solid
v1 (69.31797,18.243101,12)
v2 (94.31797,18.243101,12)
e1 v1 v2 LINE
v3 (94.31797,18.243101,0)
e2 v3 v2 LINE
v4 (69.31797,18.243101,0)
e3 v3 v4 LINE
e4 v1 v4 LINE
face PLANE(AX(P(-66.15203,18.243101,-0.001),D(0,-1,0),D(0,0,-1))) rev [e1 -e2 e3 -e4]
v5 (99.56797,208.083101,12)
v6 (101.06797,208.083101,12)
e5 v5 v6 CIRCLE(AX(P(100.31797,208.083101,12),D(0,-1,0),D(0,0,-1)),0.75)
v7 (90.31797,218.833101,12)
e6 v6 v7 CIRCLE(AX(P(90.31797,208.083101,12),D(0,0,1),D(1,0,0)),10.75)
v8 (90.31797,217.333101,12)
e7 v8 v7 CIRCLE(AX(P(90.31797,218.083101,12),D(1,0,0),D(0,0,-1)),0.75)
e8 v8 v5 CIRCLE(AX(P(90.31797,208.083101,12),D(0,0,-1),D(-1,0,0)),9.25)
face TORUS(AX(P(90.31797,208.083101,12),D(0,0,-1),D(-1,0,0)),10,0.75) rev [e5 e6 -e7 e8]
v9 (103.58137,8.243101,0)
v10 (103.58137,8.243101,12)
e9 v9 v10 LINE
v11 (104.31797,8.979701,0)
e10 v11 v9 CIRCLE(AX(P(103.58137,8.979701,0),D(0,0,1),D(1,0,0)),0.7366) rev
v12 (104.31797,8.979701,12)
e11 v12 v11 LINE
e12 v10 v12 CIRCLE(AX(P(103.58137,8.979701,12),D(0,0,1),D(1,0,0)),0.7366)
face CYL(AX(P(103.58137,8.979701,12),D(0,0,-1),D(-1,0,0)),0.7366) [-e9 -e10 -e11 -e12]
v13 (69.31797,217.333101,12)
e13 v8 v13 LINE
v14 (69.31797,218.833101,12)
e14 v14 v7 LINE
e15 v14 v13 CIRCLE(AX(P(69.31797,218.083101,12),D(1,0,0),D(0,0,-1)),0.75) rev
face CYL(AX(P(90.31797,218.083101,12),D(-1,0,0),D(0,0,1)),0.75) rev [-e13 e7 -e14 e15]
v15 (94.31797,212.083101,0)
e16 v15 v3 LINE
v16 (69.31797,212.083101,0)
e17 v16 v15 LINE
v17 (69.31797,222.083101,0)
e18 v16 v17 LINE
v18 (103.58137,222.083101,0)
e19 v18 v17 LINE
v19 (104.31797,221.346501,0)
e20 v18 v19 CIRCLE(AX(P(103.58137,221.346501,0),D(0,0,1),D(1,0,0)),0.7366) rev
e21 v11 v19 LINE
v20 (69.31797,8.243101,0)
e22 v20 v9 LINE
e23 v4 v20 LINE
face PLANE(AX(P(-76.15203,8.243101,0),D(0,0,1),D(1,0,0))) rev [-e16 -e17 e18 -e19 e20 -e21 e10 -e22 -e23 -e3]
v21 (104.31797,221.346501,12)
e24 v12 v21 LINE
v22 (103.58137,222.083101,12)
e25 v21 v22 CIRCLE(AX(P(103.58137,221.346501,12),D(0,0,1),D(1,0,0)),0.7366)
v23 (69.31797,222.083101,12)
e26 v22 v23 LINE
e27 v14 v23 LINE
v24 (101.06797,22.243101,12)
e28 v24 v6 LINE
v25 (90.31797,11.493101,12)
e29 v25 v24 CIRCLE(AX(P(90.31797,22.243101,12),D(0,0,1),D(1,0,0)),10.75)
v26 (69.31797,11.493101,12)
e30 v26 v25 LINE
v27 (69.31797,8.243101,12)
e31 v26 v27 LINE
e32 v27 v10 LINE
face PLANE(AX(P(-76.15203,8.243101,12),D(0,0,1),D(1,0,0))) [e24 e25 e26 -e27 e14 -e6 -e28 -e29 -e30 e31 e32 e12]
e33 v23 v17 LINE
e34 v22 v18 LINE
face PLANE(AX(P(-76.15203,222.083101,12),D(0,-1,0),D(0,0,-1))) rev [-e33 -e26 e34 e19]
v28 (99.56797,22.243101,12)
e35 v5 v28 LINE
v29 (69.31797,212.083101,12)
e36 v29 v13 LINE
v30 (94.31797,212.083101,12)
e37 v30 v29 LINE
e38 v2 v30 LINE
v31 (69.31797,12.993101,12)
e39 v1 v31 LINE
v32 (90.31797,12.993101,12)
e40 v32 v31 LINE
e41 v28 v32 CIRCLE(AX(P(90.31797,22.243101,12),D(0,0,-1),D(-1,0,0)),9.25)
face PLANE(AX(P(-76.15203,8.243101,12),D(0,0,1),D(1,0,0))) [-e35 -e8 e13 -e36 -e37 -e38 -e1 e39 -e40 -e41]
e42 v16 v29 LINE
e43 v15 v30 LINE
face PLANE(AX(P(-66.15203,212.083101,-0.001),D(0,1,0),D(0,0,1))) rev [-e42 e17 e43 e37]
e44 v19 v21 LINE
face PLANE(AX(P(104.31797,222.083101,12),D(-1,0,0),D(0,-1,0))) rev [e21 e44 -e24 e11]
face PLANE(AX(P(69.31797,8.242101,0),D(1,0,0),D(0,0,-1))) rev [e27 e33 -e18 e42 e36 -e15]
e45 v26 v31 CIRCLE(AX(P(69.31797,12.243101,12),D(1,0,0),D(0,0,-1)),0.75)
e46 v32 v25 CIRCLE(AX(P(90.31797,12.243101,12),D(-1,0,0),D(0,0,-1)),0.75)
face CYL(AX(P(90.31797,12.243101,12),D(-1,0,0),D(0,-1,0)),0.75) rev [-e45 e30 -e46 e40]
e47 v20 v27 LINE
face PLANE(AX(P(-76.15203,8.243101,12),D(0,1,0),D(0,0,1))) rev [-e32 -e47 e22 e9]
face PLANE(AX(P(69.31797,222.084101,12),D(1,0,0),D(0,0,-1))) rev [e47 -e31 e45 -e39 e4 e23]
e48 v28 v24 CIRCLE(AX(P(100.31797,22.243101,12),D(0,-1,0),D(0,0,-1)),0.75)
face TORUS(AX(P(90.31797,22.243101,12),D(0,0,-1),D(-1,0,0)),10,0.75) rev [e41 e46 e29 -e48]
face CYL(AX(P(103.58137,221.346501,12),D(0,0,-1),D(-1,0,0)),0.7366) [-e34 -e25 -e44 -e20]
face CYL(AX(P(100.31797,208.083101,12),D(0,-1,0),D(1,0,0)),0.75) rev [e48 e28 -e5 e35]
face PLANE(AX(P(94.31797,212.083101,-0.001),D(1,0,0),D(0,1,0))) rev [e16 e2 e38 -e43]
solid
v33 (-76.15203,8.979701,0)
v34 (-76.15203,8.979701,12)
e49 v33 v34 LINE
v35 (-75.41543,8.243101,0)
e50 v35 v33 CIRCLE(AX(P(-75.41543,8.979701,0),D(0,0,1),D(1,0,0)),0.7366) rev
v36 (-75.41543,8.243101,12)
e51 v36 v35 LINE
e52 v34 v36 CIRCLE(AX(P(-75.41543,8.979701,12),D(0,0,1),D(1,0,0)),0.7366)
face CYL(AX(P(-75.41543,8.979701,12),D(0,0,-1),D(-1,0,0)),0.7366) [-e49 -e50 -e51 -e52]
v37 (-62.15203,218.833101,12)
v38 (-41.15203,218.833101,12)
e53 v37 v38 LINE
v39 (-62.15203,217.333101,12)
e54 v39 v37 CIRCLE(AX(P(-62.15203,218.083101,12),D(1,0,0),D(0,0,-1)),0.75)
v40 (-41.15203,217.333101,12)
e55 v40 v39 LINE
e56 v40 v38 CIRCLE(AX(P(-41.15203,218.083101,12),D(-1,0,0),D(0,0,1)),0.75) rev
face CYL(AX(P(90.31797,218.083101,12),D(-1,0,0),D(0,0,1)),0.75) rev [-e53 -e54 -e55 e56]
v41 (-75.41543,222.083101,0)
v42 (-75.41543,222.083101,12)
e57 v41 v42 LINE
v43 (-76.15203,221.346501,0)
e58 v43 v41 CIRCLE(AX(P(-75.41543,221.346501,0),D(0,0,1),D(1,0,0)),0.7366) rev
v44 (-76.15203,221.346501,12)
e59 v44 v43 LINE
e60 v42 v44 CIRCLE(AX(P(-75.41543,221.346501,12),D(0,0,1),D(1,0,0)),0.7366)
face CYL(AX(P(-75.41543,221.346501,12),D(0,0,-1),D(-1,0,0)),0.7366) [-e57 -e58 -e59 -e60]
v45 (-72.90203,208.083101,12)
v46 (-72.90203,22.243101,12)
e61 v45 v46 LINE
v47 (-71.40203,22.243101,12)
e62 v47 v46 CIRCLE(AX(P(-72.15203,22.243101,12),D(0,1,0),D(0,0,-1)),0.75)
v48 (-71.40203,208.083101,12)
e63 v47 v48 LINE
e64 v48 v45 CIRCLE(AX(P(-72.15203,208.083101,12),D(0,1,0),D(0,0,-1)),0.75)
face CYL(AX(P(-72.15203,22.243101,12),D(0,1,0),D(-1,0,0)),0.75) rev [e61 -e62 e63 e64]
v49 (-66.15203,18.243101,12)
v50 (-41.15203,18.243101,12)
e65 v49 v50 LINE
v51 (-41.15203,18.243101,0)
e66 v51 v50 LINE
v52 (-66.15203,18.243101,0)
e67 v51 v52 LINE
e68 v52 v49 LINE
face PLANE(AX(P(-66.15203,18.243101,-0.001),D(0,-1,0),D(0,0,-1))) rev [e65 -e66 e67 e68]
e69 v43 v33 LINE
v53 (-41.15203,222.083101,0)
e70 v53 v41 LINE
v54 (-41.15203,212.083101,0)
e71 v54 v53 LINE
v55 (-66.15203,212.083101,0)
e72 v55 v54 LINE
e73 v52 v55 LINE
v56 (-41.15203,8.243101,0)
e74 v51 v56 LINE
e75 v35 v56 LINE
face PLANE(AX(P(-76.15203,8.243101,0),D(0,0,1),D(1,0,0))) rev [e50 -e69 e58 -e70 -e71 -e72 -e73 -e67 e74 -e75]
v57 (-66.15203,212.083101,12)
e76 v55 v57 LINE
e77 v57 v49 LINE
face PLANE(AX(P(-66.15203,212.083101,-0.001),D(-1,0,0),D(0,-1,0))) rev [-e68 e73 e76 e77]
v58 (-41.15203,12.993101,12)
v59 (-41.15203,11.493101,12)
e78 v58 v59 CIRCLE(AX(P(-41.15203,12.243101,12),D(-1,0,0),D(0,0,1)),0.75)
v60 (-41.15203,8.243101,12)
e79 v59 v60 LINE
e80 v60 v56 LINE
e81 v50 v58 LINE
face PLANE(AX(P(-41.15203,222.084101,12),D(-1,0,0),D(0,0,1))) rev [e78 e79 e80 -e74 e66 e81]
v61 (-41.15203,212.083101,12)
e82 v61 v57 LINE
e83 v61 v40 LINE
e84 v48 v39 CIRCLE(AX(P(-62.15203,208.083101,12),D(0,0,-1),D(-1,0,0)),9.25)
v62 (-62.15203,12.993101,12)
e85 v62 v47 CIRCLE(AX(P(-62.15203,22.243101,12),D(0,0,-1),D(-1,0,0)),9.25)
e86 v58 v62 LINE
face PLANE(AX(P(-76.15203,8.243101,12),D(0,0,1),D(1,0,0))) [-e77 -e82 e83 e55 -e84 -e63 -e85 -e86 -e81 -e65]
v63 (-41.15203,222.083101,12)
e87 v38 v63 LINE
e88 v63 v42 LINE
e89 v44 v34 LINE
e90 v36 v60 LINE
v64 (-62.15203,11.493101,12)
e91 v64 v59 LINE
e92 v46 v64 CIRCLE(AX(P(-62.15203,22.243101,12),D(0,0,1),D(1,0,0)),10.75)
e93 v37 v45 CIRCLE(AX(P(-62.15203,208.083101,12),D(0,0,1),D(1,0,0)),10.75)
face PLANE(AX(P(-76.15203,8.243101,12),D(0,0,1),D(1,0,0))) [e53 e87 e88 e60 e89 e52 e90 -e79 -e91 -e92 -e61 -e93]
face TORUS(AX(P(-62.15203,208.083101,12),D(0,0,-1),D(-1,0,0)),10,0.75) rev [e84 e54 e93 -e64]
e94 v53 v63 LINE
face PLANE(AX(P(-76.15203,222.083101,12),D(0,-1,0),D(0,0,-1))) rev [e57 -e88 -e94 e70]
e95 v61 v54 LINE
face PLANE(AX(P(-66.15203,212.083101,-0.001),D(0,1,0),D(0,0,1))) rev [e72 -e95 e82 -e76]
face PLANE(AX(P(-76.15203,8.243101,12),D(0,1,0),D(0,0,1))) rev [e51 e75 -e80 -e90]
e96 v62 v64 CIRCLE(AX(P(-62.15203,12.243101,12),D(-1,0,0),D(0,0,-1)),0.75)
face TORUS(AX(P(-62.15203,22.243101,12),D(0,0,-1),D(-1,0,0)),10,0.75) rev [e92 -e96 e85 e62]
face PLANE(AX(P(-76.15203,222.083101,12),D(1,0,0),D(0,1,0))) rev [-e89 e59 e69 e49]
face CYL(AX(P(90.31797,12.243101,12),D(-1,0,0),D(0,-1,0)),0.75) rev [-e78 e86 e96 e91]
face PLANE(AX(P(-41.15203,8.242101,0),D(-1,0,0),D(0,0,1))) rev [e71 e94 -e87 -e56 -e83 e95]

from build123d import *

# Parameters (mm, degrees)
ESBO_O1_W                = 180.47
ESBO_O1_H                = 213.84
RESSALTO_EXTRUS_O1_DEPTH = 12
FILETE2_R                = 0.7366
FILETE3_R                = 0.7366
FILETE4_R                = 0.7366
FILETE5_R                = 0.7366
CORTE_EXTRUS_O1_REACH    = 247.657
ESBO_O2_W                = 160.47
ESBO_O2_H                = 193.84
ESBO_O4_R                = 0.75
CORTE_EXTRUS_O2_REACH    = 240.231
ESBO_O5_W                = 110.47
ESBO_O5_H                = 12
CORTE_EXTRUS_O3_REACH    = 240.231
ESBO_O6_W                = 110.47
ESBO_O6_H                = 12


with BuildPart() as part:
    # Esboço1 → Ressalto-extrusão1 (new body)
    with BuildSketch(Plane.XY):
        with Locations((14.08297041, 115.163100963)):
            Rectangle(ESBO_O1_W, ESBO_O1_H)
    extrude(amount=RESSALTO_EXTRUS_O1_DEPTH)

    # Filete2
    filete2_edges = [part.edges().sort_by_distance(p)[0] for p in [
        (104.31797041, 222.083100963, 6),
    ]]
    fillet(filete2_edges, radius=FILETE2_R)

    # Filete3
    filete3_edges = [part.edges().sort_by_distance(p)[0] for p in [
        (104.31797041, 8.243100963, 6),
    ]]
    fillet(filete3_edges, radius=FILETE3_R)

    # Filete4
    filete4_edges = [part.edges().sort_by_distance(p)[0] for p in [
        (-76.15202959, 8.243100963, 6),
    ]]
    fillet(filete4_edges, radius=FILETE4_R)

    # Filete5
    filete5_edges = [part.edges().sort_by_distance(p)[0] for p in [
        (-76.15202959, 222.083100963, 6),
    ]]
    fillet(filete5_edges, radius=FILETE5_R)

    # Esboço2 → Corte-extrusão1 (cut, up to next)
    with BuildSketch(Plane.XY.offset(12), mode=Mode.PRIVATE) as corte_extrus_o1_sk1:
        with Locations((14.08297041, 115.163100963)):
            Rectangle(ESBO_O2_W, ESBO_O2_H)
    corte_extrus_o1_tool1 = extrude(corte_extrus_o1_sk1.sketch, amount=-CORTE_EXTRUS_O1_REACH, mode=Mode.PRIVATE) & part.part
    add(corte_extrus_o1_tool1.solids().sort_by_distance((14.08297, 115.163101, 12))[0], mode=Mode.SUBTRACT)

    # Varredura de corte1: sweep along a path in Esboço3
    with BuildLine(Plane.XY.offset(12)) as varredura_de_corte1_path:
        Line((-62.15202959, 218.083100963), (90.31797041, 218.083100963))
        ThreePointArc((90.31797041, 218.083100963), (97.389038221, 215.154168775), (100.31797041, 208.083100963))
        Line((100.31797041, 208.083100963), (100.31797041, 22.243100963))
        ThreePointArc((100.31797041, 22.243100963), (97.389038221, 15.172033151), (90.31797041, 12.243100963))
        Line((90.31797041, 12.243100963), (-62.15202959, 12.243100963))
        ThreePointArc((-62.15202959, 12.243100963), (-69.223097402, 15.172033151), (-72.15202959, 22.243100963))
        Line((-72.15202959, 22.243100963), (-72.15202959, 208.083100963))
        ThreePointArc((-72.15202959, 208.083100963), (-69.223097402, 215.154168775), (-62.15202959, 218.083100963))
    # Esboço4 → Varredura de corte1 (sweep, cut)
    with BuildSketch(Plane(origin=(0, 0, 0), x_dir=(0, 0, -1), z_dir=(1, 0, 0))):
        with Locations((-12, 218.083100963)):
            Circle(ESBO_O4_R)
    sweep(path=varredura_de_corte1_path.line, mode=Mode.SUBTRACT)

    # Esboço5 → Corte-extrusão2 (cut, up to next)
    with BuildSketch(Plane(origin=(0, 222.083100963, 0), x_dir=(-1, 0, 0), z_dir=(0, 1, 0)), mode=Mode.PRIVATE) as corte_extrus_o2_sk1:
        with Locations((-14.08297041, 6)):
            Rectangle(ESBO_O5_W, ESBO_O5_H)
    corte_extrus_o2_tool1 = extrude(corte_extrus_o2_sk1.sketch, amount=-CORTE_EXTRUS_O2_REACH, mode=Mode.PRIVATE) & part.part
    add(corte_extrus_o2_tool1.solids().sort_by_distance((14.08297, 222.083101, 6))[0], mode=Mode.SUBTRACT)

    # Esboço6 → Corte-extrusão3 (cut, up to next)
    with BuildSketch(Plane.XZ.offset(-8.243100963), mode=Mode.PRIVATE) as corte_extrus_o3_sk1:
        with Locations((14.08297041, 6)):
            Rectangle(ESBO_O6_W, ESBO_O6_H)
    corte_extrus_o3_tool1 = extrude(corte_extrus_o3_sk1.sketch, amount=-CORTE_EXTRUS_O3_REACH, mode=Mode.PRIVATE) & part.part
    add(corte_extrus_o3_tool1.solids().sort_by_distance((14.08297, 8.243101, 6))[0], mode=Mode.SUBTRACT)


with BuildPart() as corte_extrus_o3_piece_1:
    # of the separate pieces the step leaves, piece 1, a body of its own (corte_extrus_o3_pieces)
    add(part.part.solids().sort_by_distance((-76.15202959, 221.346500963, 0))[0])


with BuildPart() as corte_extrus_o3_piece_2:
    # of the separate pieces the step leaves, piece 2, a body of its own (corte_extrus_o3_pieces)
    add(part.part.solids().sort_by_distance((103.58137041, 8.243100963, 0))[0])


solid = Compound([corte_extrus_o3_piece_1.part, corte_extrus_o3_piece_2.part])
